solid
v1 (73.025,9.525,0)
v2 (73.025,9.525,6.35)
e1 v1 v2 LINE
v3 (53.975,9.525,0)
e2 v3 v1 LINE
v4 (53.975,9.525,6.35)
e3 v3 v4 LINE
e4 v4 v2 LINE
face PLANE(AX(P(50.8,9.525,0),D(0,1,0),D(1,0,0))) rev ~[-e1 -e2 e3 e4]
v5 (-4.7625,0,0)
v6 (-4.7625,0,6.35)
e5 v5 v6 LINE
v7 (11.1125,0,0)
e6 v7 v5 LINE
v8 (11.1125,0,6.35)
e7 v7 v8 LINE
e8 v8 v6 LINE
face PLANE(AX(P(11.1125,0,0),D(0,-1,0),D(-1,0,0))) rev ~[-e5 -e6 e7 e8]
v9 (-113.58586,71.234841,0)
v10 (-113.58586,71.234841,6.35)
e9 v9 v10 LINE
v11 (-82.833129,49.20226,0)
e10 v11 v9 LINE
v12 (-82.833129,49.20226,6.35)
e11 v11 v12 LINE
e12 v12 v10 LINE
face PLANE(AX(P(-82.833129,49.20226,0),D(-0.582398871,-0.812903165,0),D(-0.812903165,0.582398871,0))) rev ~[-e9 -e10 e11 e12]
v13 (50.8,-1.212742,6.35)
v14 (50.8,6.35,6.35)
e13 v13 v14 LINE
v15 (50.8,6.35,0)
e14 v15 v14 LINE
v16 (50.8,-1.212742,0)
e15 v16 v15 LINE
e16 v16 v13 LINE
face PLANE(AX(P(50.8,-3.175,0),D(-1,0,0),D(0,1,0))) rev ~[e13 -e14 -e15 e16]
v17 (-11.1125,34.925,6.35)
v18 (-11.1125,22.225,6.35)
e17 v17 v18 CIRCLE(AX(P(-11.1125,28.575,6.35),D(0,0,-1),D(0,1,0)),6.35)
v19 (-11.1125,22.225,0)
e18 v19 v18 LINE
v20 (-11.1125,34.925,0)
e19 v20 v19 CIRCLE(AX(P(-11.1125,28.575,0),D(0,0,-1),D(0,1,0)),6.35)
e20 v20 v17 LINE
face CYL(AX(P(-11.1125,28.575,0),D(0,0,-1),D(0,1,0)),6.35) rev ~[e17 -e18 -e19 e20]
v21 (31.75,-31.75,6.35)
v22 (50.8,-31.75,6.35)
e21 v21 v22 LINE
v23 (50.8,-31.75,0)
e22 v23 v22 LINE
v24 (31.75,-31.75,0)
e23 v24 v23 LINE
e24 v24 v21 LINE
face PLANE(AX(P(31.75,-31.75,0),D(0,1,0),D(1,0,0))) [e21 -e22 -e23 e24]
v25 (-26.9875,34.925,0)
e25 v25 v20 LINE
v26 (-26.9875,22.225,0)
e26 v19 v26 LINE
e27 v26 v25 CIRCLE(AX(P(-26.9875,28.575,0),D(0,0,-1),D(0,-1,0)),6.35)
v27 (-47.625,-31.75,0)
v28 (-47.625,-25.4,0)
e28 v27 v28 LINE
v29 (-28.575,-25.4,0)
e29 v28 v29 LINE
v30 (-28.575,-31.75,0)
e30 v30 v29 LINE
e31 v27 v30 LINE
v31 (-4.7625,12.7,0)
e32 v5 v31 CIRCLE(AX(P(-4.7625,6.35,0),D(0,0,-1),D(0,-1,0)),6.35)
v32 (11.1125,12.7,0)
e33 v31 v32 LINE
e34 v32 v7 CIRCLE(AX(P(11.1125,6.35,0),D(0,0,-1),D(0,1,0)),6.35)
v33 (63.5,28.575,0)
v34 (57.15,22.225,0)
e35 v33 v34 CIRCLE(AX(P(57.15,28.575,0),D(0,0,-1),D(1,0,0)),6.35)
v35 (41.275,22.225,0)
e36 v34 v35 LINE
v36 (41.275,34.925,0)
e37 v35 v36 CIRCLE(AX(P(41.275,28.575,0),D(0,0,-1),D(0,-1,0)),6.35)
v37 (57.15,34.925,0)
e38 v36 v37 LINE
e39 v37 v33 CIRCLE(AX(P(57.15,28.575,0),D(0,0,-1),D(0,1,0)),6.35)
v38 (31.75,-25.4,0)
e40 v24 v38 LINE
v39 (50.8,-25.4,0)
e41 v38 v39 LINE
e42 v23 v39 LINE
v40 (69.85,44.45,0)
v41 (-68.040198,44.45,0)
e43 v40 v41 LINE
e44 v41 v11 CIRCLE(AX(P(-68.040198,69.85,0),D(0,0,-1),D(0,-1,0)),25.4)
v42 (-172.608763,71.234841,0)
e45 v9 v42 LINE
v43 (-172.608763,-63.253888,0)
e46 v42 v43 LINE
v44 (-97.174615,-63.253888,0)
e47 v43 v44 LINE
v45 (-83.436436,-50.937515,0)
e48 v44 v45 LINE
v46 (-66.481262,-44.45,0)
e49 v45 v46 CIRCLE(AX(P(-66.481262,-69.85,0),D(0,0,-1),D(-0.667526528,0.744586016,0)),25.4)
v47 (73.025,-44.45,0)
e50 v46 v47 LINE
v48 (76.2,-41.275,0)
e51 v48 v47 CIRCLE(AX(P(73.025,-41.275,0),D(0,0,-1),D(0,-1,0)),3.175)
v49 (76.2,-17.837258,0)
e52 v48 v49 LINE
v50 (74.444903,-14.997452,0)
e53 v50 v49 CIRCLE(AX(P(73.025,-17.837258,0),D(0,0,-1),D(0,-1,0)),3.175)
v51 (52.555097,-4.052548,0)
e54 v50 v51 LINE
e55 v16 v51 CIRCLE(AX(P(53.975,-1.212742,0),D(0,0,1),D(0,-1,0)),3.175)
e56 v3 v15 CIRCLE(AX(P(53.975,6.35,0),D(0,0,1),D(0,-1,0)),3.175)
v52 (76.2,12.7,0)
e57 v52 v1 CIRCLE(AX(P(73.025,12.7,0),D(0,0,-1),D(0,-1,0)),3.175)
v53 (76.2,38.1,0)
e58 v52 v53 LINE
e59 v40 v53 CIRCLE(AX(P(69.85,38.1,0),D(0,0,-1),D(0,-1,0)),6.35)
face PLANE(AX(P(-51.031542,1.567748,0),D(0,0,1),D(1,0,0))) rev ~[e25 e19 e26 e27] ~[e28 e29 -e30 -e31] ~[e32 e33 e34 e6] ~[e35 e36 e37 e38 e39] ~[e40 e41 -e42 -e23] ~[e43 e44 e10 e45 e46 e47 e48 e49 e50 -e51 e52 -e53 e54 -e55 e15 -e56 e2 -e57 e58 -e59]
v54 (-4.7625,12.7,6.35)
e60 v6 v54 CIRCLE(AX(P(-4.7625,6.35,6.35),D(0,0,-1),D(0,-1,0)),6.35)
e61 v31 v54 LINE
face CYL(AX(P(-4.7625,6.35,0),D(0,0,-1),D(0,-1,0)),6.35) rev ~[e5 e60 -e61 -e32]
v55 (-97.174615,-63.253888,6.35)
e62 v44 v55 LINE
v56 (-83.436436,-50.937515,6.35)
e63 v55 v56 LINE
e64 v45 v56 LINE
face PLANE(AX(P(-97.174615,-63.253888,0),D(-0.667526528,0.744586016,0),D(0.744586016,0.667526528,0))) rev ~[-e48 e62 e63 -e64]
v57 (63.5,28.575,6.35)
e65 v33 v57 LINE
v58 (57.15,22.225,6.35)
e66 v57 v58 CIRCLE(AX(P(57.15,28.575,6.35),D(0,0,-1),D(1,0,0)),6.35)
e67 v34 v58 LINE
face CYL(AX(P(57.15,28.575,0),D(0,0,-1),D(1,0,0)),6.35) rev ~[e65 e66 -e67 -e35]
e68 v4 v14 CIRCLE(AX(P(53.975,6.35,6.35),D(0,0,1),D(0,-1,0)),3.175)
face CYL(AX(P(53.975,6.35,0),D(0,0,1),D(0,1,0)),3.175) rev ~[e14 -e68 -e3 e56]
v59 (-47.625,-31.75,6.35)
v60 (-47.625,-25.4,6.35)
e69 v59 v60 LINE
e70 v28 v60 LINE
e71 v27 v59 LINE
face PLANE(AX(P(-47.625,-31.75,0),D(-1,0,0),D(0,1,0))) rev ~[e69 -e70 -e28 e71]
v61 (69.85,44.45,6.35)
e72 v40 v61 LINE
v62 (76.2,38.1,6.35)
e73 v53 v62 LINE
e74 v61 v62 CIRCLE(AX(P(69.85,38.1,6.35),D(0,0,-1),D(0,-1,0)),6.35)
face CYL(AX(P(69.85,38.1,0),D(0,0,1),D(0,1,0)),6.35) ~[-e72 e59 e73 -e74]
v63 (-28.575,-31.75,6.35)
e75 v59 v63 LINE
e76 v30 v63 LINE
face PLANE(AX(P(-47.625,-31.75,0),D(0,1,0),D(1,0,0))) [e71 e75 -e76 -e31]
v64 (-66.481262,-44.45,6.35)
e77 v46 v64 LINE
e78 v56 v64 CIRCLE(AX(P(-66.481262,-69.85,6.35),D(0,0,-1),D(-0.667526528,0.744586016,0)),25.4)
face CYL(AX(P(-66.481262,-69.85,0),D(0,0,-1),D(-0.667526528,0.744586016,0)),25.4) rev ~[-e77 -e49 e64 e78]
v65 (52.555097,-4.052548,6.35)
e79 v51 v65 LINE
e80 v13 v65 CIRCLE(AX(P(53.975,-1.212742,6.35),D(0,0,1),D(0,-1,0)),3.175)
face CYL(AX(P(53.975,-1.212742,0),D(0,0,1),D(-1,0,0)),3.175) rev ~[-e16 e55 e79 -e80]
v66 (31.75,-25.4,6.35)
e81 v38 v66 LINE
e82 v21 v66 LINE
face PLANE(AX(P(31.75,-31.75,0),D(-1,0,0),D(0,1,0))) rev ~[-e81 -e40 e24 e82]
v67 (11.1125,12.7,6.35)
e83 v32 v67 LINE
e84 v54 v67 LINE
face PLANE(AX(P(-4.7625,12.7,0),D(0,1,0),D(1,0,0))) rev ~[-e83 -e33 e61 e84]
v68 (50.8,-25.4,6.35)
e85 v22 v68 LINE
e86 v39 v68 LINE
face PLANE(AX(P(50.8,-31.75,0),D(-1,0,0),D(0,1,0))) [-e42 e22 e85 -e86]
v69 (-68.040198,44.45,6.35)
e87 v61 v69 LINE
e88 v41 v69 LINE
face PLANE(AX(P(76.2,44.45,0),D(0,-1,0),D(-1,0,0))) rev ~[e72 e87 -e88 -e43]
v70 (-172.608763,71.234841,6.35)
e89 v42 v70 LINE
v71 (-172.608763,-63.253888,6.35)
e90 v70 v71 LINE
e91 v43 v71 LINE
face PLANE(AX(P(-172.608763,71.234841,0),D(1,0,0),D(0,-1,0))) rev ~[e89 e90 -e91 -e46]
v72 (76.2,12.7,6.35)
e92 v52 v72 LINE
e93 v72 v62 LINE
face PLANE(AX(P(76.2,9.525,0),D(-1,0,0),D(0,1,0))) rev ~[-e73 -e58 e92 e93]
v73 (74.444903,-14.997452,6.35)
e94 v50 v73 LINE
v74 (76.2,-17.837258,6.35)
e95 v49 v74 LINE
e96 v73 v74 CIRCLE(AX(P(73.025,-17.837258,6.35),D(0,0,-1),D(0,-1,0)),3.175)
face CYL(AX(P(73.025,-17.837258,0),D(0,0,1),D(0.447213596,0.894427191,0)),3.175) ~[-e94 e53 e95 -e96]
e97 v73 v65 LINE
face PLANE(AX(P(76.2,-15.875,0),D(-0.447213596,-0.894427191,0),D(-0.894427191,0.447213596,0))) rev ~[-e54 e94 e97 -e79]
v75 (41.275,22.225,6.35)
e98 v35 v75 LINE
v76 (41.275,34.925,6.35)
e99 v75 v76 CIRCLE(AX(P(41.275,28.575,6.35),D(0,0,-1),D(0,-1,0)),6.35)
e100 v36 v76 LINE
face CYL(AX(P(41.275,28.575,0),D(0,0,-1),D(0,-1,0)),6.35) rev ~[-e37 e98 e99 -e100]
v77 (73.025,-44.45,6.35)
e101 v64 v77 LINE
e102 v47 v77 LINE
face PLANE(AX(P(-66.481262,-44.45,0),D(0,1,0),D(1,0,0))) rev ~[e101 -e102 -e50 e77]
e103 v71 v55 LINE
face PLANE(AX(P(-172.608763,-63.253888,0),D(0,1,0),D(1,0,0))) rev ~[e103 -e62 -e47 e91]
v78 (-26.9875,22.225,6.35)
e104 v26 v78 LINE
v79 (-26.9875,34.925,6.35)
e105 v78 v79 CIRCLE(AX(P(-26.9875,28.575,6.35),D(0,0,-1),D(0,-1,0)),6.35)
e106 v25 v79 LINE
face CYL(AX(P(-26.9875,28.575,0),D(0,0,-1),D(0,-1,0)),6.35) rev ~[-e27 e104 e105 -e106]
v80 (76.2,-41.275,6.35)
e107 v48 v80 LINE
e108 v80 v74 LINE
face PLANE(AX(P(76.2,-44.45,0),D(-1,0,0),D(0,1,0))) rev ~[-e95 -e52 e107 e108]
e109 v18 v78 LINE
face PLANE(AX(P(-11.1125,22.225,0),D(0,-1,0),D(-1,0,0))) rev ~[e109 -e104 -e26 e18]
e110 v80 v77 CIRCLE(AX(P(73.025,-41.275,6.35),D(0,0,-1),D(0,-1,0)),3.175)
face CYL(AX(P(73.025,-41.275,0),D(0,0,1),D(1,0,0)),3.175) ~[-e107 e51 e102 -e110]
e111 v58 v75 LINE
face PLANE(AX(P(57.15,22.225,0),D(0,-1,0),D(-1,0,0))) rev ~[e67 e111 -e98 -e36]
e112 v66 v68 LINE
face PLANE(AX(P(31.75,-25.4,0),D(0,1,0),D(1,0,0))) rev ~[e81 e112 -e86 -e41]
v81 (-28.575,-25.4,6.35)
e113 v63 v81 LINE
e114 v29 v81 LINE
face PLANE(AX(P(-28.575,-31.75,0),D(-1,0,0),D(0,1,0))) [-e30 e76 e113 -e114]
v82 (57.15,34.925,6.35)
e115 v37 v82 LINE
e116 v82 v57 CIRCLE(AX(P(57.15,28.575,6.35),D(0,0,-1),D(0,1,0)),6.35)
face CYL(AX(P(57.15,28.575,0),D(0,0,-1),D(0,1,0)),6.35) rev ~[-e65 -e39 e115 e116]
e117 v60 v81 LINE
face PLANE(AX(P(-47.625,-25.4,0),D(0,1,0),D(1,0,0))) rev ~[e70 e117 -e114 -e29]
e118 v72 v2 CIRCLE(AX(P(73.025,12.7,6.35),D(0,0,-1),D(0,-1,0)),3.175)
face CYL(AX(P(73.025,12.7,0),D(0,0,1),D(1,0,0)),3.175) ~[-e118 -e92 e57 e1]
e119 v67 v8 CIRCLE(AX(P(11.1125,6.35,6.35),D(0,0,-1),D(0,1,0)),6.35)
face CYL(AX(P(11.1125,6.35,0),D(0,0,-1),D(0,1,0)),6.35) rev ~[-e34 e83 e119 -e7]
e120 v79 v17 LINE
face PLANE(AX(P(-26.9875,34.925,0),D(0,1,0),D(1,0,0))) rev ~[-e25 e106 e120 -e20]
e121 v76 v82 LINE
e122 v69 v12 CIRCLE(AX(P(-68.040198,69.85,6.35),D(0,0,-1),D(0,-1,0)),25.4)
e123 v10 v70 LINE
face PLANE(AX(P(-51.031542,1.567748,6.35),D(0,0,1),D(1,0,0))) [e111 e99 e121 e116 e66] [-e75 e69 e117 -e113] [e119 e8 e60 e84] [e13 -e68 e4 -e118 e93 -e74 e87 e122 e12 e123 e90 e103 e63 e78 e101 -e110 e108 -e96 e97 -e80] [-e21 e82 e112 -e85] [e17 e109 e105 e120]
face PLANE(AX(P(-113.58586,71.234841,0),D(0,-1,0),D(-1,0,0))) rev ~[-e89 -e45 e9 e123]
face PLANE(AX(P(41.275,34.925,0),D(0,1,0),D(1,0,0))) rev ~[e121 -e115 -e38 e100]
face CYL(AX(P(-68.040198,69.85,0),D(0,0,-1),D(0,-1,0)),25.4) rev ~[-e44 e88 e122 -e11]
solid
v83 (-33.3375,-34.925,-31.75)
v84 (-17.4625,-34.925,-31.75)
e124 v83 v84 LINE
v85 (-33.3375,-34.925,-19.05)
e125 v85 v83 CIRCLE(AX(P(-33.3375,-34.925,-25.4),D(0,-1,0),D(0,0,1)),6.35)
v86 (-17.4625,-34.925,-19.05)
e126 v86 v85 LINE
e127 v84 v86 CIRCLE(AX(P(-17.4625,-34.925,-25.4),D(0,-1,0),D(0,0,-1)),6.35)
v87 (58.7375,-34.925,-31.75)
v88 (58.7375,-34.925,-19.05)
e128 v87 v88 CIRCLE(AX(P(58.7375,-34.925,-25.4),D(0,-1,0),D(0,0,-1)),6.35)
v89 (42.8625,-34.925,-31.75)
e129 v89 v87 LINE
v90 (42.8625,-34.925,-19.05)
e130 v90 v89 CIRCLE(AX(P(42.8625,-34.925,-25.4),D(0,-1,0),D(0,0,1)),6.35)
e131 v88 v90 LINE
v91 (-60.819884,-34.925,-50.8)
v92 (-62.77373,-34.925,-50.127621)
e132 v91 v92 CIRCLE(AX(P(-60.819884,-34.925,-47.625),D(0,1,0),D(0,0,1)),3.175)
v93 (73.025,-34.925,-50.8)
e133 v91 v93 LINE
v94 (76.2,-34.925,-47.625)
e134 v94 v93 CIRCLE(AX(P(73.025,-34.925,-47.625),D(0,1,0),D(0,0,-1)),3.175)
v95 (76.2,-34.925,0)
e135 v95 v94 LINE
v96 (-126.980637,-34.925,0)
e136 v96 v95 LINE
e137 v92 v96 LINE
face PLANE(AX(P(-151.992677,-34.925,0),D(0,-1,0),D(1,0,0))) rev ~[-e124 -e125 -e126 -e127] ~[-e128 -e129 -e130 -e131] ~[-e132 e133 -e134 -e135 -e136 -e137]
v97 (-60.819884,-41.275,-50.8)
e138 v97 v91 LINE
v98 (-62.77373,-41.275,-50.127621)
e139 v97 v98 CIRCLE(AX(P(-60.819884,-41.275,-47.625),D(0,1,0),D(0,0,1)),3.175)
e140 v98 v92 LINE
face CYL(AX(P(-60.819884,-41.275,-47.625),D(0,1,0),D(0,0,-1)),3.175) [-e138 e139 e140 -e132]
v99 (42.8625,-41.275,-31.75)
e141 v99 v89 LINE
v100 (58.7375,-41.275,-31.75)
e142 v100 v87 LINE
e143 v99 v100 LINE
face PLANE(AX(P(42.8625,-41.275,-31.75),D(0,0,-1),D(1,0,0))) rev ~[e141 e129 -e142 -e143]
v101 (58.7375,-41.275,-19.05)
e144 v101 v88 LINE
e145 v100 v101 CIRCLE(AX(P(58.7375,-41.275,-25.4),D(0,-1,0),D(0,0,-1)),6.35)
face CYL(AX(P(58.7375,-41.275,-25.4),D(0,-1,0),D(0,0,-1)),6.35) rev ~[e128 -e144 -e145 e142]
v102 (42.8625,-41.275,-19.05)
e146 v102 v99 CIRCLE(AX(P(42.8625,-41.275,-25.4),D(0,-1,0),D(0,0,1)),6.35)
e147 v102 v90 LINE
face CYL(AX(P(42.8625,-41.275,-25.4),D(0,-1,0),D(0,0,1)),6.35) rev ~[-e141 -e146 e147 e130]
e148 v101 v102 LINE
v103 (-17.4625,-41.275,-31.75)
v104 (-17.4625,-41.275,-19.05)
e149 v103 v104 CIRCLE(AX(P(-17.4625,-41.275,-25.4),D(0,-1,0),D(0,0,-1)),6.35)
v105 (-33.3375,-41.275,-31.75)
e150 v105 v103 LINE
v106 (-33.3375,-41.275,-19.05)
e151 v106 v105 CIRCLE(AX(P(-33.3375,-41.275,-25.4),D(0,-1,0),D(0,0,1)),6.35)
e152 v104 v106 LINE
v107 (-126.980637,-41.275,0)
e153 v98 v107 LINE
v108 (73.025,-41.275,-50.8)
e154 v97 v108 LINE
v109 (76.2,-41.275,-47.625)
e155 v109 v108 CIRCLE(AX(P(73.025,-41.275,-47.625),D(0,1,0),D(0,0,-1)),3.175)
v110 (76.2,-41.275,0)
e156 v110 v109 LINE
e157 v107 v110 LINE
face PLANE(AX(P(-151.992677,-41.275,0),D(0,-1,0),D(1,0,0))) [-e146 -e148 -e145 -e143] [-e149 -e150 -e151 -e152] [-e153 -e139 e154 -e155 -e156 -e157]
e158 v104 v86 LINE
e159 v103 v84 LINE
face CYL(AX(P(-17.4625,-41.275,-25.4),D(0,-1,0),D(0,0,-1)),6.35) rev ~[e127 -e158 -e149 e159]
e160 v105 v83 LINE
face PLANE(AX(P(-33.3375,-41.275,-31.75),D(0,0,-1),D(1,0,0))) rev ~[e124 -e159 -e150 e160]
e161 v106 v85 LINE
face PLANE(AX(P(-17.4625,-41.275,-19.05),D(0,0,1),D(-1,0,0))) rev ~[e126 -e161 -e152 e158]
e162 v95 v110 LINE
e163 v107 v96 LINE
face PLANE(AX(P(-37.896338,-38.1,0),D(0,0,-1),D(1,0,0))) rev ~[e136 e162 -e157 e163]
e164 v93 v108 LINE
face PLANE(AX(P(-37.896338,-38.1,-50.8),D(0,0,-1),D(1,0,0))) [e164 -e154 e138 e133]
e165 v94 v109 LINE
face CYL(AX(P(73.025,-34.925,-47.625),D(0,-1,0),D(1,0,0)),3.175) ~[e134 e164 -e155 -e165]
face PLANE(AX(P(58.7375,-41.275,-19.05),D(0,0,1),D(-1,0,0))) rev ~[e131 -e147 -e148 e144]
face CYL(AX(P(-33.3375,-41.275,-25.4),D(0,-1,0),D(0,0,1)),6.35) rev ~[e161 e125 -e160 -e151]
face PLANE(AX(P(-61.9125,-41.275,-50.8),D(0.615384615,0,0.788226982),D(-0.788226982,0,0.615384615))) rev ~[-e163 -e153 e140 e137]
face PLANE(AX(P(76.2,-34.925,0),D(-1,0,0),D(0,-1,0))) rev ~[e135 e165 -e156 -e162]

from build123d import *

# Parameters (mm, degrees)
F0_W     = 19.05
F0_H     = 6.35
F1_DEPTH = 6.35
F2_W     = 228.1926768713
F2_H     = 6.35
F3_DEPTH = 50.8
F5_DEPTH = 112.5108414421
F6_R     = 6.35
F7_R     = 3.175
F7_2_R   = 3.175


with BuildPart() as f1:
    # F0 (on Top) → F1 (new body)
    with BuildSketch(Plane.XY):
        with BuildLine():
            Line((76.2, 44.45), (-68.0401977532, 44.45))
            ThreePointArc((-68.0401977532, 44.45), (-75.8089619471, 45.6672312813), (-82.8331290705, 49.2022596142))
            Line((-82.8331290705, 49.2022596142), (-113.5858595371, 71.2348414421))
            Line((-113.5858595371, 71.2348414421), (-172.6087629795, 71.2348414421))
            Line((-172.6087629795, 71.2348414421), (-172.6087629795, -63.2538875401))
            Line((-172.6087629795, -63.2538875401), (-97.1746146679, -63.2538875401))
            Line((-97.1746146679, -63.2538875401), (-83.4364361492, -50.9375152033))
            ThreePointArc((-83.4364361492, -50.9375152033), (-75.5582355761, -46.1272565474), (-66.4812623426, -44.45))
            Line((-66.4812623426, -44.45), (76.2, -44.45))
            Line((76.2, -44.45), (76.2, -15.875))
            Line((76.2, -15.875), (50.8, -3.175))
            Line((50.8, -3.175), (50.8, 9.525))
            Line((50.8, 9.525), (76.2, 9.525))
            Line((76.2, 9.525), (76.2, 44.45))
        make_face()
        with Locations((-38.1, -28.575)):
            Rectangle(F0_W, F0_H, mode=Mode.SUBTRACT)
        with Locations((41.275, -28.575)):
            Rectangle(F0_W, F0_H, mode=Mode.SUBTRACT)
        with BuildLine():
            Line((-4.7625, 12.7), (3.175, 12.7))
            Line((3.175, 12.7), (11.1125, 12.7))
            ThreePointArc((11.1125, 12.7), (17.4625, 6.35), (11.1125, 0))
            Line((11.1125, 0), (3.175, 0))
            Line((3.175, 0), (-4.7625, 0))
            ThreePointArc((-4.7625, 0), (-11.1125, 6.35), (-4.7625, 12.7))
        make_face(mode=Mode.SUBTRACT)
        with BuildLine():
            Line((-26.9875, 34.925), (-19.05, 34.925))
            Line((-19.05, 34.925), (-11.1125, 34.925))
            ThreePointArc((-11.1125, 34.925), (-4.7625, 28.575), (-11.1125, 22.225))
            Line((-11.1125, 22.225), (-19.05, 22.225))
            Line((-19.05, 22.225), (-26.9875, 22.225))
            ThreePointArc((-26.9875, 22.225), (-33.3375, 28.575), (-26.9875, 34.925))
        make_face(mode=Mode.SUBTRACT)
        with BuildLine():
            ThreePointArc((57.15, 34.925), (61.6401280605, 33.0651280605), (63.5, 28.575))
            ThreePointArc((63.5, 28.575), (61.6401280605, 24.0848719395), (57.15, 22.225))
            Line((57.15, 22.225), (41.275, 22.225))
            ThreePointArc((41.275, 22.225), (34.925, 28.575), (41.275, 34.925))
            Line((41.275, 34.925), (57.15, 34.925))
        make_face(mode=Mode.SUBTRACT)
    extrude(amount=F1_DEPTH)

    # F6
    f6_edges = [f1.edges().sort_by_distance(p)[0] for p in [
        (76.2, 44.45, 3.175),
    ]]
    fillet(f6_edges, radius=F6_R)

    # F7
    f7_edges = [f1.edges().sort_by_distance(p)[0] for p in [
        (76.2, 9.525, 3.175),
        (76.2, -15.875, 3.175),
        (50.8, 9.525, 3.175),
        (50.8, -3.175, 3.175),
        (76.2, -44.45, 3.175),
    ]]
    fillet(f7_edges, radius=F7_R)


with BuildPart() as f3:
    # F2 (on face) → F3 (new body)
    with BuildSketch(Plane(origin=(0, 0, 0), x_dir=(1, 0, 0), z_dir=(0, 0, -1))):
        with Locations((-37.8963384356, 38.1)):
            Rectangle(F2_W, F2_H)
    extrude(amount=F3_DEPTH)

    # F4 (on face) → F5 (cut, through all)
    with BuildSketch(Plane.XZ.offset(41.275)):
        with BuildLine():
            ThreePointArc((-33.3375, -19.05), (-39.6875, -25.4), (-33.3375, -31.75))
            Line((-33.3375, -31.75), (-17.4625, -31.75))
            ThreePointArc((-17.4625, -31.75), (-11.1125, -25.4), (-17.4625, -19.05))
            Line((-17.4625, -19.05), (-33.3375, -19.05))
        make_face()
        with BuildLine():
            ThreePointArc((58.7375, -31.75), (65.0875, -25.4), (58.7375, -19.05))
            Line((58.7375, -19.05), (42.8625, -19.05))
            ThreePointArc((42.8625, -19.05), (36.5125, -25.4), (42.8625, -31.75))
            Line((42.8625, -31.75), (58.7375, -31.75))
        make_face()
        Polygon((-61.9125, -50.8), (-126.9806373638, 0), (-151.9926768713, 0), (-151.9926768713, -50.8), align=None)
    extrude(amount=-F5_DEPTH, mode=Mode.SUBTRACT)

    # F7#2
    f7_2_edges = [f3.edges().sort_by_distance(p)[0] for p in [
        (76.2, -38.1, -50.8),
        (-61.9125, -38.1, -50.8),
    ]]
    fillet(f7_2_edges, radius=F7_2_R)


solid = Compound([f1.part, f3.part])
